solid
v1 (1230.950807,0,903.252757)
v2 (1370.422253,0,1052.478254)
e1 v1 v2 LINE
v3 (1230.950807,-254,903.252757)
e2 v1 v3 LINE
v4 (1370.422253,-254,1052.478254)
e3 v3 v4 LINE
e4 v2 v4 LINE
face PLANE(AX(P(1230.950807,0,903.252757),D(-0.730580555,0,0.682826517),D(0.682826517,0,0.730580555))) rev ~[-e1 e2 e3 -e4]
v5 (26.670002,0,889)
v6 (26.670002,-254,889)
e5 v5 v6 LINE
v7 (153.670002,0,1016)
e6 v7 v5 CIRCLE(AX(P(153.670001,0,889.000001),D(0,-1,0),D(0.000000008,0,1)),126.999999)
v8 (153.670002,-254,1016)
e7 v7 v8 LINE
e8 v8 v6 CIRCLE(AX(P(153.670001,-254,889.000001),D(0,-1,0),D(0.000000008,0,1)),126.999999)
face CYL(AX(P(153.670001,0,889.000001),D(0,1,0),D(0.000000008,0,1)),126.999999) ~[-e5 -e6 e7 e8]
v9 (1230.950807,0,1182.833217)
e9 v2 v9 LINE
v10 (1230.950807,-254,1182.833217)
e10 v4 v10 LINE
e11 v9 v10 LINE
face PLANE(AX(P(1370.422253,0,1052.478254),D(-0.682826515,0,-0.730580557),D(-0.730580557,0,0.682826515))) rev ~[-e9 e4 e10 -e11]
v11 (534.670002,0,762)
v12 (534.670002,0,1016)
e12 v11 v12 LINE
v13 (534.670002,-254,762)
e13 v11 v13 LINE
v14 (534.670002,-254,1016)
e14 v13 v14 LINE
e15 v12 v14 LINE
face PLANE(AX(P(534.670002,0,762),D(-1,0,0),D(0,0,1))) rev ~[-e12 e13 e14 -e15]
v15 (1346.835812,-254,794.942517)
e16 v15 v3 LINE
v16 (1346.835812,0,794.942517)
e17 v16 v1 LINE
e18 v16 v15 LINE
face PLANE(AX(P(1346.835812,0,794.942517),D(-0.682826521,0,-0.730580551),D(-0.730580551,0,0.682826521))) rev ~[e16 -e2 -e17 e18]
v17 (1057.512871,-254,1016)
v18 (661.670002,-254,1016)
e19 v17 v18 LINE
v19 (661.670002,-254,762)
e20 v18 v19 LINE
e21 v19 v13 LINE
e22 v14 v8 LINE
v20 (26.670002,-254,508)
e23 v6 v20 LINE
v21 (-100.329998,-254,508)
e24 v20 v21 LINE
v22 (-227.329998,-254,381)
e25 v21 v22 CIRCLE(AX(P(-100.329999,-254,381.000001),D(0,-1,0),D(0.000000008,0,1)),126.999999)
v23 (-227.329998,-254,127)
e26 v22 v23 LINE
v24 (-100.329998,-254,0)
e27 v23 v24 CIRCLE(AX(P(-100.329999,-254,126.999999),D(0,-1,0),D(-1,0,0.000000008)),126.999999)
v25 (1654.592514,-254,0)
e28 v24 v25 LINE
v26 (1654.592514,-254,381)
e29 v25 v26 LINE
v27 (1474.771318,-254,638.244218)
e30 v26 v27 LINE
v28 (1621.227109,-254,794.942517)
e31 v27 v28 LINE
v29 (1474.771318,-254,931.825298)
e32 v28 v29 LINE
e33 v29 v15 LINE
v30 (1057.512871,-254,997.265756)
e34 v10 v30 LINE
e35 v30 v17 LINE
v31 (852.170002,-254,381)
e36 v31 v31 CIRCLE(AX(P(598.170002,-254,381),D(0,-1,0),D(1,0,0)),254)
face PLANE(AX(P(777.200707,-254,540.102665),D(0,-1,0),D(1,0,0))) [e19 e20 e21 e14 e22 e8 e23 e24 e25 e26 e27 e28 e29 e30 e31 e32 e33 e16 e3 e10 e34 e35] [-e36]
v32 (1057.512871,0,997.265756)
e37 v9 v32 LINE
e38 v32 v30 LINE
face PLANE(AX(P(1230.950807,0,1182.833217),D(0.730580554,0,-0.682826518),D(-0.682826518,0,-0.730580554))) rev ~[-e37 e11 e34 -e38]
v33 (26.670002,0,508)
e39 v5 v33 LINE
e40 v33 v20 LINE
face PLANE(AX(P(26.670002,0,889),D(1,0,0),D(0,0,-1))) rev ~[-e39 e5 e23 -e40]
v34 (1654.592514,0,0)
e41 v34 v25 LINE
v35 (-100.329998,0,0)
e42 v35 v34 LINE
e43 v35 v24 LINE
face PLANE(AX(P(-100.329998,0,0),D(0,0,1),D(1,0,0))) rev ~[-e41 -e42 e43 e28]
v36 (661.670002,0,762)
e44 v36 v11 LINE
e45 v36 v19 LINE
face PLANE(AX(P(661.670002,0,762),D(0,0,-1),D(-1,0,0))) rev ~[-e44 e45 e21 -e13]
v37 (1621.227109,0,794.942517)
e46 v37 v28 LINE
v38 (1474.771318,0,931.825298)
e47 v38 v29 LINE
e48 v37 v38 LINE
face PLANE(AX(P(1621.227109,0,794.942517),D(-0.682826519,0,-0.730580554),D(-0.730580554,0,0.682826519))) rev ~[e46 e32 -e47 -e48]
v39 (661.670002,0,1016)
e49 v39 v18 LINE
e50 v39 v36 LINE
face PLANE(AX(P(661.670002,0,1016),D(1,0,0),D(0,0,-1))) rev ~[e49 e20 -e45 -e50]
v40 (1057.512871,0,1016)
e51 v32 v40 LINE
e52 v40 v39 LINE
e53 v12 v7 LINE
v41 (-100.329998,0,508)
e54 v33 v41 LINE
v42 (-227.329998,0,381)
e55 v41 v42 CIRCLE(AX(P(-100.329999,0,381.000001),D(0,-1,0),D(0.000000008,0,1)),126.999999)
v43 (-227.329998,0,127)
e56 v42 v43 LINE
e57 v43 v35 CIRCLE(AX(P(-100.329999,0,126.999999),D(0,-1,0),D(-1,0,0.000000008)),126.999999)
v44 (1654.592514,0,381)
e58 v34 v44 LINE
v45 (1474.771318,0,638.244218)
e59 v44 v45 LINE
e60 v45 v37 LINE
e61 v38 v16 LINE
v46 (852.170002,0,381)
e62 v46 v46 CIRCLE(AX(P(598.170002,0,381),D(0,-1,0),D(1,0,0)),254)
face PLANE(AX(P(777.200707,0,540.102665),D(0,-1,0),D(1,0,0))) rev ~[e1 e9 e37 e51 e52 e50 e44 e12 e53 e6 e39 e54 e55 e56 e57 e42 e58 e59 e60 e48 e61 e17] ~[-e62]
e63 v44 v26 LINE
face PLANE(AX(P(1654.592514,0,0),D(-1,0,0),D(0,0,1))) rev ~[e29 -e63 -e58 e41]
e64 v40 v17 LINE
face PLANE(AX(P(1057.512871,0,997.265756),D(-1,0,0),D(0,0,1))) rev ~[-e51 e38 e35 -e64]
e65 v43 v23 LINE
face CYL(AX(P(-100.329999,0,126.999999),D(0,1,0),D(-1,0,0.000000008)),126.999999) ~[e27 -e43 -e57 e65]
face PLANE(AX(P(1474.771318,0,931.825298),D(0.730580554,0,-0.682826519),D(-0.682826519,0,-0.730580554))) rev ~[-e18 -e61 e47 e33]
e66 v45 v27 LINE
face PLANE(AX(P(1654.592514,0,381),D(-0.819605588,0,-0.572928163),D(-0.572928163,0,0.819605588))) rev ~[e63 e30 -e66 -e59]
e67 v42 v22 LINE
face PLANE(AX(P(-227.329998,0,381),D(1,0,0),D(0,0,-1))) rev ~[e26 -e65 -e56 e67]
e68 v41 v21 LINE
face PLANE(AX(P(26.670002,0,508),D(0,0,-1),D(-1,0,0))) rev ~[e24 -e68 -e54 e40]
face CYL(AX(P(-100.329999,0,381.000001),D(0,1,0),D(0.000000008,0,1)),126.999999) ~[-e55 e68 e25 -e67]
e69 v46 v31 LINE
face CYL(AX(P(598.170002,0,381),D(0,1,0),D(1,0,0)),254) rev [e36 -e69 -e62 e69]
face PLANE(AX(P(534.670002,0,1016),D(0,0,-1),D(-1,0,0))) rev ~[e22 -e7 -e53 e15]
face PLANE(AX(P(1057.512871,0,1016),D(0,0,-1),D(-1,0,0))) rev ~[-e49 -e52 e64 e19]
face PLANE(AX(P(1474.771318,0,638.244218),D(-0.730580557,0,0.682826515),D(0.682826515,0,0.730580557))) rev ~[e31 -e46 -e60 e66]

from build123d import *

# Parameters (mm, degrees)
F0_R     = 254
F1_DEPTH = 254


with BuildPart() as f1:
    # F0 (on Front) → F1 (new body)
    with BuildSketch(Plane.XZ):
        with BuildLine():
            ThreePointArc((-227.329998, 127), (-190.13256, 37.197439), (-100.329998, 0))
            Line((-100.329998, 0), (1550.670002, 0))
            Line((1550.670002, 0), (1654.592514, 0))
            Line((1654.592514, 0), (1654.592514, 381))
            Line((1654.592514, 381), (1474.771318, 638.244218))
            Line((1474.771318, 638.244218), (1621.227109, 794.942517))
            Line((1621.227109, 794.942517), (1474.771318, 931.825298))
            Line((1474.771318, 931.825298), (1346.835812, 794.942517))
            Line((1346.835812, 794.942517), (1230.950807, 903.252757))
            Line((1230.950807, 903.252757), (1370.422253, 1052.478254))
            Line((1370.422253, 1052.478254), (1230.950807, 1182.833217))
            Line((1230.950807, 1182.833217), (1057.512871, 997.265756))
            Line((1057.512871, 997.265756), (1057.512871, 1016))
            Line((1057.512871, 1016), (803.512871, 1016))
            Line((803.512871, 1016), (661.670002, 1016))
            Line((661.670002, 1016), (661.670002, 762))
            Line((661.670002, 762), (534.670002, 762))
            Line((534.670002, 762), (534.670002, 1016))
            Line((534.670002, 1016), (153.670002, 1016))
            ThreePointArc((153.670002, 1016), (63.86744, 978.802561), (26.670002, 889))
            Line((26.670002, 889), (26.670002, 508))
            Line((26.670002, 508), (-100.329998, 508))
            ThreePointArc((-100.329998, 508), (-190.13256, 470.802561), (-227.329998, 381))
            Line((-227.329998, 381), (-227.329998, 127))
        make_face()
        with Locations((598.170002, 381)):
            Circle(F0_R, mode=Mode.SUBTRACT)
    extrude(amount=F1_DEPTH)


solid = f1.part
